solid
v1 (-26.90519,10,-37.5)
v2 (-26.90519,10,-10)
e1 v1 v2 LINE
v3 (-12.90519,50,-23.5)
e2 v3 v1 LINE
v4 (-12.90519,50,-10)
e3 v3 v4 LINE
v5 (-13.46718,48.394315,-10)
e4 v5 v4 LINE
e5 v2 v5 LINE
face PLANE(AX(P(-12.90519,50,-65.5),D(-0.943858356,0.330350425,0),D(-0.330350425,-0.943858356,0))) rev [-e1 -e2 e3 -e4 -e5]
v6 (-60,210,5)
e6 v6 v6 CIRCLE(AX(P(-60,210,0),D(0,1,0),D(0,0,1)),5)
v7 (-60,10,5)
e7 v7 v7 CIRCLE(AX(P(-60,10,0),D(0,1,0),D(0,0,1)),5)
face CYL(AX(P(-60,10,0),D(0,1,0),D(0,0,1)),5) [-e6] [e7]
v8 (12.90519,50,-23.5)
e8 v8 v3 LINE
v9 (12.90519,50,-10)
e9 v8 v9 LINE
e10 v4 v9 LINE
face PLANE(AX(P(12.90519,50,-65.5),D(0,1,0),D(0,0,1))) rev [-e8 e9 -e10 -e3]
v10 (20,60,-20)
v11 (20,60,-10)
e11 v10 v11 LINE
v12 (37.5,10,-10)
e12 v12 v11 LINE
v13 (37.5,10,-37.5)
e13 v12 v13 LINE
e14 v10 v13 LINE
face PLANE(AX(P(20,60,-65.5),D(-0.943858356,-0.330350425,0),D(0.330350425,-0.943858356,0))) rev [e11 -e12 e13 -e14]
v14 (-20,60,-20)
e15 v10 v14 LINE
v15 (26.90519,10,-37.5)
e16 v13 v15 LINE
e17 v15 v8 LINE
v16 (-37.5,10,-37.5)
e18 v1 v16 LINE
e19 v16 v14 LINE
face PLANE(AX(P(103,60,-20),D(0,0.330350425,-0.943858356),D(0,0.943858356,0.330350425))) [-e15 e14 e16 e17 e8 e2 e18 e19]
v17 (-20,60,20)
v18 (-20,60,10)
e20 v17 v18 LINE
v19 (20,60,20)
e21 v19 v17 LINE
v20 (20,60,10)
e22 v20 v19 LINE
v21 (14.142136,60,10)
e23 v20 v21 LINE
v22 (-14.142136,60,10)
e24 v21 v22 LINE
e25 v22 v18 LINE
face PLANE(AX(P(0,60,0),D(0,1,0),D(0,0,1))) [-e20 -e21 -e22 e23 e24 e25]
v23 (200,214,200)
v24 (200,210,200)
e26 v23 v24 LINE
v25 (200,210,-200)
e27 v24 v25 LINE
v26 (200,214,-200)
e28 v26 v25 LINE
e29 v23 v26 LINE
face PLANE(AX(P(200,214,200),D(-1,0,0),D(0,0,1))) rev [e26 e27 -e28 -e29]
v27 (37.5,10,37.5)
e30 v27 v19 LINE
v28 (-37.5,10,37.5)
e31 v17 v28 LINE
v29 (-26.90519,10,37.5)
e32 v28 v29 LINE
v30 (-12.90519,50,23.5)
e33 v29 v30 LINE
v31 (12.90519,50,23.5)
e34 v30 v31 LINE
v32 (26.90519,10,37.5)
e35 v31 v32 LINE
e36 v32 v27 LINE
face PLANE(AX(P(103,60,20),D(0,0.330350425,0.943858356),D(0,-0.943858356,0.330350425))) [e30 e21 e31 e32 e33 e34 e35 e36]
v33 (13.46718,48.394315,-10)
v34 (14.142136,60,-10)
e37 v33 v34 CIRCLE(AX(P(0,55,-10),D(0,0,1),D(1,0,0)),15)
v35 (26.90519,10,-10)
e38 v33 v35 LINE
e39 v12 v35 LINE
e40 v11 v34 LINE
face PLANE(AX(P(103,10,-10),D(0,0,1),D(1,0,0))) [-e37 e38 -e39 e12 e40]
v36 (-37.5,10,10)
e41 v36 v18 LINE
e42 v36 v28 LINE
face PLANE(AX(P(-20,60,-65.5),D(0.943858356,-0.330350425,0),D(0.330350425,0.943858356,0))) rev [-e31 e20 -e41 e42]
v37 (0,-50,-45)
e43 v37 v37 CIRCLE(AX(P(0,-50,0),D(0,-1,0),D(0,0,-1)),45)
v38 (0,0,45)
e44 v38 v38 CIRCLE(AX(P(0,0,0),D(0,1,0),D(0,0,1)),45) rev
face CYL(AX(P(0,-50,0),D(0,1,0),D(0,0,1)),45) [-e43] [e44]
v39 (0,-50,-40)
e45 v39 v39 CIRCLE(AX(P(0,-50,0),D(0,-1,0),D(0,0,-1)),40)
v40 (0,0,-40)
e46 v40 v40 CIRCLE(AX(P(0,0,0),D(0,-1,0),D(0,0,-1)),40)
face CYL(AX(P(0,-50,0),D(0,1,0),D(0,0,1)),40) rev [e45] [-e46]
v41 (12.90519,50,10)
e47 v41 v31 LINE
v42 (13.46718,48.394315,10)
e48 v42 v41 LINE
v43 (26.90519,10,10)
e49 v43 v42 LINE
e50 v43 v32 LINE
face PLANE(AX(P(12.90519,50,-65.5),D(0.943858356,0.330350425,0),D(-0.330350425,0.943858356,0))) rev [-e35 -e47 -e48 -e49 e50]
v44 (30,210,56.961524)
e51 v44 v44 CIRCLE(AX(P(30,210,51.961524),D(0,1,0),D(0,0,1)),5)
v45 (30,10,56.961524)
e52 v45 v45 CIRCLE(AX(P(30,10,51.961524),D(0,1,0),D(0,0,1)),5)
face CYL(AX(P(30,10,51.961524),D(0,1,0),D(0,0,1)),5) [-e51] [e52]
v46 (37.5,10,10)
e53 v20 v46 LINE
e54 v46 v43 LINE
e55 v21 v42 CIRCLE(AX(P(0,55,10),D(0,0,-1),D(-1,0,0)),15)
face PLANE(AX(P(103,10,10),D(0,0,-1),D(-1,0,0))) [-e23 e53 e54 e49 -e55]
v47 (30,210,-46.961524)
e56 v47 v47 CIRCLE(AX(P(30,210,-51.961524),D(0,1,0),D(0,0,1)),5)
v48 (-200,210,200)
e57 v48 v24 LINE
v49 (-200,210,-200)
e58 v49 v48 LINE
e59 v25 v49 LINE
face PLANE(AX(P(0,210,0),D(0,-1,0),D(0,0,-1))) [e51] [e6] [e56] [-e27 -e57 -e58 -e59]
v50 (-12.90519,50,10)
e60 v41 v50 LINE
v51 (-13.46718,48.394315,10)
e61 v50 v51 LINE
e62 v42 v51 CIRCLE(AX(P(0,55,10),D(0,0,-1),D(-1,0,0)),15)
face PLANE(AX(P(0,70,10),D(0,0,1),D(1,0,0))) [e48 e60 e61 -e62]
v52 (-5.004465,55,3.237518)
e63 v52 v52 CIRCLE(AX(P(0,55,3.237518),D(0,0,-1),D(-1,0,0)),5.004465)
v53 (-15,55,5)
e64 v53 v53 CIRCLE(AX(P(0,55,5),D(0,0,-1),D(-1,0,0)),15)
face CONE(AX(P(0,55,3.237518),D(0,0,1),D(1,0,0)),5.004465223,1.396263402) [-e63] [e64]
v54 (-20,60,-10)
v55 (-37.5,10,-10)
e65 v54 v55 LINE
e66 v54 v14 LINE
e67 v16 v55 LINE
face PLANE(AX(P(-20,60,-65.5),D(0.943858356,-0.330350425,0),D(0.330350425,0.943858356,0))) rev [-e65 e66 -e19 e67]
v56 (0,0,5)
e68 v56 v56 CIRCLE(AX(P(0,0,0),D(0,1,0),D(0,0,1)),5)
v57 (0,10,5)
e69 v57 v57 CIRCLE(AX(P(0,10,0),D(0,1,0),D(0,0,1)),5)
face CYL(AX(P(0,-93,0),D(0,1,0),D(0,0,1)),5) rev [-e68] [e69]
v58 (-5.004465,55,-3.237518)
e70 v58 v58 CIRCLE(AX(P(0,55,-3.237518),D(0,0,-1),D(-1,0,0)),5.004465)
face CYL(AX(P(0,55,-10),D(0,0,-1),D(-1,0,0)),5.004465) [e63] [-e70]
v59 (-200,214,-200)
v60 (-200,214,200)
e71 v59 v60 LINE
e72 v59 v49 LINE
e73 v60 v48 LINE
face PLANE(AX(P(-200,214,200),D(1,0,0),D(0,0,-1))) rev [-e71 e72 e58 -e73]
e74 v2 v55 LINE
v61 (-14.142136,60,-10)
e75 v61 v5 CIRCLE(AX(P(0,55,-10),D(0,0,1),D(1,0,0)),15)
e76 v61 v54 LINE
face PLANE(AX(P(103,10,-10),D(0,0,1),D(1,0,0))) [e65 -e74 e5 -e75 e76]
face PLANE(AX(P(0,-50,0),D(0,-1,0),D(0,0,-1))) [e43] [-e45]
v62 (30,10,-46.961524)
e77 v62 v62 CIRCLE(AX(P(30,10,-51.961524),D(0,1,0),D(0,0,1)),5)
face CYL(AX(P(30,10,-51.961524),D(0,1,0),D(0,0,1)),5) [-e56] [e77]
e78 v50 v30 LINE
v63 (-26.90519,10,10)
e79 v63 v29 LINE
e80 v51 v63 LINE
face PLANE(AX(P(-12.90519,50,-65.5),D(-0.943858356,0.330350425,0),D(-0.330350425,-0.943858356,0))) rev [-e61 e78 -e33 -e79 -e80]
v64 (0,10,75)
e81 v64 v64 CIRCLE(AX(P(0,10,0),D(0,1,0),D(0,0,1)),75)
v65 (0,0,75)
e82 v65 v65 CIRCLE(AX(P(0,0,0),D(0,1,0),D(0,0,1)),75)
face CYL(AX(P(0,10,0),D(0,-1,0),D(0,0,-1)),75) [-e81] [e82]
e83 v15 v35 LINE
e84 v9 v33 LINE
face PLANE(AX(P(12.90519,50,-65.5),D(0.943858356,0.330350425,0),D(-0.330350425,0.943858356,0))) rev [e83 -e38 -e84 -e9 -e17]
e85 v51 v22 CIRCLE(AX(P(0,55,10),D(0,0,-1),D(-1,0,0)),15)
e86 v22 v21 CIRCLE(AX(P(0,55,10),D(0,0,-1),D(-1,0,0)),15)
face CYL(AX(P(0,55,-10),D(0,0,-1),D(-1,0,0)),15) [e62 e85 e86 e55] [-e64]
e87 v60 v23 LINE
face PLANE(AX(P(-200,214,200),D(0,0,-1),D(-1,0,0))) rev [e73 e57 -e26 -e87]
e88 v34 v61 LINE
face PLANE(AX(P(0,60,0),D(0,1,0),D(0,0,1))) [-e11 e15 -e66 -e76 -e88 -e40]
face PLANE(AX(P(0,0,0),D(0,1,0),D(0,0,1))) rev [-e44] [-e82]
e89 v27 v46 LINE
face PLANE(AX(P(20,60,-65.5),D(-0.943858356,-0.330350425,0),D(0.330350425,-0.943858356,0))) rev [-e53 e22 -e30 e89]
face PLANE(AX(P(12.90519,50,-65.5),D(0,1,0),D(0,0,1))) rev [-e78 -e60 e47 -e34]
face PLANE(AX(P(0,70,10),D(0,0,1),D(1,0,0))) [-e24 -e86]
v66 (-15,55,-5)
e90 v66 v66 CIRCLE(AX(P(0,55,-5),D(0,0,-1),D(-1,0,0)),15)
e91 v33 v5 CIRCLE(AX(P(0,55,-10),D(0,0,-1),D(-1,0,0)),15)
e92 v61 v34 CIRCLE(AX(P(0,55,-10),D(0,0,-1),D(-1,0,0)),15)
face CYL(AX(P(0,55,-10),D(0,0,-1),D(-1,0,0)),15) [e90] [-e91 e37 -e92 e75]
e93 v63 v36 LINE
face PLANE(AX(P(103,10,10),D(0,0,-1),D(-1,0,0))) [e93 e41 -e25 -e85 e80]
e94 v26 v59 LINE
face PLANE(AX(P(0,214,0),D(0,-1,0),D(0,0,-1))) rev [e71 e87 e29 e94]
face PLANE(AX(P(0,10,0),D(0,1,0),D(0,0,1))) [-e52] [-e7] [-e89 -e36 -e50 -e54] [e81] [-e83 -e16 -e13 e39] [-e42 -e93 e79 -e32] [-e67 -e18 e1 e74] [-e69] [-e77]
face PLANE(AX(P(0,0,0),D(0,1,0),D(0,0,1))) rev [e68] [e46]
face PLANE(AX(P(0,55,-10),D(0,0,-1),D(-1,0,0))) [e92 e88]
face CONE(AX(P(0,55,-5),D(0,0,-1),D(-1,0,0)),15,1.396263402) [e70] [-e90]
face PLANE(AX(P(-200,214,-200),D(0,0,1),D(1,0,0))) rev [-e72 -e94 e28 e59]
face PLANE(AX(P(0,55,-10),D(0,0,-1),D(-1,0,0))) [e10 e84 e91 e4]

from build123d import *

# Parameters (mm, degrees)
SKETCH1_R               = 75
BOSS_EXTRUDE1_DEPTH     = 10
SKETCH2_R               = 45
SKETCH2_R_2             = 40
BOSS_EXTRUDE2_DEPTH     = 50
SKETCH5_W               = 75
SKETCH5_H               = 75
BOSS_EXTRUDE3_DEPTH     = 50
CUT_EXTRUDE2_DEPTH      = 103
CUT_EXTRUDE3_DEPTH      = 103
CUT_EXTRUDE3_DEPTH_BACK = 103
CUT_EXTRUDE4_DEPTH      = 103
CUT_EXTRUDE4_DEPTH_BACK = 103
SKETCH9_W               = 20
SKETCH9_H               = 50
SKETCH10_R              = 5
CUT_EXTRUDE5_DEPTH      = 103
SKETCH11_R              = 5
SKETCH13_W              = 400
SKETCH13_H              = 400
BOSS_EXTRUDE4_DEPTH     = 4


with BuildPart() as part:
    # Sketch1 → Boss-Extrude1 (new body)
    with BuildSketch(Plane(origin=(0, 0, 0), x_dir=(1, 0, 0), z_dir=(0, 1, 0))):
        Circle(SKETCH1_R)
    extrude(amount=BOSS_EXTRUDE1_DEPTH)

    # Sketch2 → Boss-Extrude2 (add)
    with BuildSketch(Plane.XZ):
        Circle(SKETCH2_R)
        Circle(SKETCH2_R_2, mode=Mode.SUBTRACT)
    extrude(amount=BOSS_EXTRUDE2_DEPTH)

    # Sketch5 → Boss-Extrude3 (add)
    with BuildSketch(Plane(origin=(0, 10, 0), x_dir=(1, 0, 0), z_dir=(0, 1, 0))):
        Rectangle(SKETCH5_W, SKETCH5_H)
    extrude(amount=BOSS_EXTRUDE3_DEPTH)

    # Sketch6 → Cut-Extrude2 (cut)
    with BuildSketch(Plane.XY.offset(37.5)):
        Polygon((20, 60), (37.5, 10), (43.069722315, 10), (43.069722315, 63.034625831), (-42.678571429, 63.034625831), (-42.678571429, 10), (-37.5, 10), (-20, 60), align=None)
        Polygon((-12.90518995, 50), (-26.90518995, 10), (26.90518995, 10), (12.90518995, 50), align=None)
    extrude(amount=-CUT_EXTRUDE2_DEPTH, mode=Mode.SUBTRACT)

    # Sketch7 → Cut-Extrude3 (cut, two sides: drawn at the far end of the back side and taken through both)
    with BuildSketch(Plane(origin=(0, 0, 0), x_dir=(0, 0, -1), z_dir=(1, 0, 0)).offset(-CUT_EXTRUDE3_DEPTH_BACK)):
        Polygon((20, 60), (-20, 60), (-37.5, 10), (-47.69302584, 10), (-47.69302584, 63.764621125), (47.449694076, 63.764621125), (47.449694076, 10), (37.5, 10), align=None)
    extrude(amount=CUT_EXTRUDE3_DEPTH + CUT_EXTRUDE3_DEPTH_BACK, mode=Mode.SUBTRACT)

    # Sketch9 → Cut-Extrude4 (cut, two sides: drawn at the far end of the back side and taken through both)
    with BuildSketch(Plane(origin=(0, 0, 0), x_dir=(0, 0, -1), z_dir=(1, 0, 0)).offset(-CUT_EXTRUDE4_DEPTH_BACK)):
        with Locations((0, 35)):
            Rectangle(SKETCH9_W, SKETCH9_H)
    extrude(amount=CUT_EXTRUDE4_DEPTH + CUT_EXTRUDE4_DEPTH_BACK, mode=Mode.SUBTRACT)

    # Sketch10 → Cut-Extrude5 (cut)
    with BuildSketch(Plane(origin=(0, 10, 0), x_dir=(1, 0, 0), z_dir=(0, 1, 0))):
        Circle(SKETCH10_R)
    extrude(amount=-CUT_EXTRUDE5_DEPTH, mode=Mode.SUBTRACT)

    # Sweep1: sweep along a curve in space
    with BuildLine() as sweep1_path:
        Line((-60, 10, 0), (-60, 210, 0))
    # Sketch11 → Sweep1 (sweep)
    with BuildSketch(Plane(origin=(0, 10, 0), x_dir=(1, 0, 0), z_dir=(0, 1, 0))):
        with Locations((-60, 0)):
            Circle(SKETCH11_R)
        with Locations((30, 51.961524227)):
            Circle(SKETCH11_R)
        with Locations((30, -51.961524227)):
            Circle(SKETCH11_R)
    sweep(path=sweep1_path.line)

    # Sketch13 → Boss-Extrude4 (add)
    with BuildSketch(Plane(origin=(0, 210, 0), x_dir=(1, 0, 0), z_dir=(0, 1, 0))):
        Rectangle(SKETCH13_W, SKETCH13_H)
    extrude(amount=BOSS_EXTRUDE4_DEPTH)

    # Sketch17 → Revolve2 (revolve)
    with BuildSketch(Plane(origin=(0, 0, 0), x_dir=(0, 0, -1), z_dir=(1, 0, 0))):
        Polygon((10, 55), (10, 70), (5, 70), (3.237517532, 60.004465223), (-3.237517532, 60.004465223), (-5, 70), (-10, 70), (-10, 55), align=None)
    revolve(axis=Axis((0, 55, -10), (0, 0, 1)))


solid = part.part
